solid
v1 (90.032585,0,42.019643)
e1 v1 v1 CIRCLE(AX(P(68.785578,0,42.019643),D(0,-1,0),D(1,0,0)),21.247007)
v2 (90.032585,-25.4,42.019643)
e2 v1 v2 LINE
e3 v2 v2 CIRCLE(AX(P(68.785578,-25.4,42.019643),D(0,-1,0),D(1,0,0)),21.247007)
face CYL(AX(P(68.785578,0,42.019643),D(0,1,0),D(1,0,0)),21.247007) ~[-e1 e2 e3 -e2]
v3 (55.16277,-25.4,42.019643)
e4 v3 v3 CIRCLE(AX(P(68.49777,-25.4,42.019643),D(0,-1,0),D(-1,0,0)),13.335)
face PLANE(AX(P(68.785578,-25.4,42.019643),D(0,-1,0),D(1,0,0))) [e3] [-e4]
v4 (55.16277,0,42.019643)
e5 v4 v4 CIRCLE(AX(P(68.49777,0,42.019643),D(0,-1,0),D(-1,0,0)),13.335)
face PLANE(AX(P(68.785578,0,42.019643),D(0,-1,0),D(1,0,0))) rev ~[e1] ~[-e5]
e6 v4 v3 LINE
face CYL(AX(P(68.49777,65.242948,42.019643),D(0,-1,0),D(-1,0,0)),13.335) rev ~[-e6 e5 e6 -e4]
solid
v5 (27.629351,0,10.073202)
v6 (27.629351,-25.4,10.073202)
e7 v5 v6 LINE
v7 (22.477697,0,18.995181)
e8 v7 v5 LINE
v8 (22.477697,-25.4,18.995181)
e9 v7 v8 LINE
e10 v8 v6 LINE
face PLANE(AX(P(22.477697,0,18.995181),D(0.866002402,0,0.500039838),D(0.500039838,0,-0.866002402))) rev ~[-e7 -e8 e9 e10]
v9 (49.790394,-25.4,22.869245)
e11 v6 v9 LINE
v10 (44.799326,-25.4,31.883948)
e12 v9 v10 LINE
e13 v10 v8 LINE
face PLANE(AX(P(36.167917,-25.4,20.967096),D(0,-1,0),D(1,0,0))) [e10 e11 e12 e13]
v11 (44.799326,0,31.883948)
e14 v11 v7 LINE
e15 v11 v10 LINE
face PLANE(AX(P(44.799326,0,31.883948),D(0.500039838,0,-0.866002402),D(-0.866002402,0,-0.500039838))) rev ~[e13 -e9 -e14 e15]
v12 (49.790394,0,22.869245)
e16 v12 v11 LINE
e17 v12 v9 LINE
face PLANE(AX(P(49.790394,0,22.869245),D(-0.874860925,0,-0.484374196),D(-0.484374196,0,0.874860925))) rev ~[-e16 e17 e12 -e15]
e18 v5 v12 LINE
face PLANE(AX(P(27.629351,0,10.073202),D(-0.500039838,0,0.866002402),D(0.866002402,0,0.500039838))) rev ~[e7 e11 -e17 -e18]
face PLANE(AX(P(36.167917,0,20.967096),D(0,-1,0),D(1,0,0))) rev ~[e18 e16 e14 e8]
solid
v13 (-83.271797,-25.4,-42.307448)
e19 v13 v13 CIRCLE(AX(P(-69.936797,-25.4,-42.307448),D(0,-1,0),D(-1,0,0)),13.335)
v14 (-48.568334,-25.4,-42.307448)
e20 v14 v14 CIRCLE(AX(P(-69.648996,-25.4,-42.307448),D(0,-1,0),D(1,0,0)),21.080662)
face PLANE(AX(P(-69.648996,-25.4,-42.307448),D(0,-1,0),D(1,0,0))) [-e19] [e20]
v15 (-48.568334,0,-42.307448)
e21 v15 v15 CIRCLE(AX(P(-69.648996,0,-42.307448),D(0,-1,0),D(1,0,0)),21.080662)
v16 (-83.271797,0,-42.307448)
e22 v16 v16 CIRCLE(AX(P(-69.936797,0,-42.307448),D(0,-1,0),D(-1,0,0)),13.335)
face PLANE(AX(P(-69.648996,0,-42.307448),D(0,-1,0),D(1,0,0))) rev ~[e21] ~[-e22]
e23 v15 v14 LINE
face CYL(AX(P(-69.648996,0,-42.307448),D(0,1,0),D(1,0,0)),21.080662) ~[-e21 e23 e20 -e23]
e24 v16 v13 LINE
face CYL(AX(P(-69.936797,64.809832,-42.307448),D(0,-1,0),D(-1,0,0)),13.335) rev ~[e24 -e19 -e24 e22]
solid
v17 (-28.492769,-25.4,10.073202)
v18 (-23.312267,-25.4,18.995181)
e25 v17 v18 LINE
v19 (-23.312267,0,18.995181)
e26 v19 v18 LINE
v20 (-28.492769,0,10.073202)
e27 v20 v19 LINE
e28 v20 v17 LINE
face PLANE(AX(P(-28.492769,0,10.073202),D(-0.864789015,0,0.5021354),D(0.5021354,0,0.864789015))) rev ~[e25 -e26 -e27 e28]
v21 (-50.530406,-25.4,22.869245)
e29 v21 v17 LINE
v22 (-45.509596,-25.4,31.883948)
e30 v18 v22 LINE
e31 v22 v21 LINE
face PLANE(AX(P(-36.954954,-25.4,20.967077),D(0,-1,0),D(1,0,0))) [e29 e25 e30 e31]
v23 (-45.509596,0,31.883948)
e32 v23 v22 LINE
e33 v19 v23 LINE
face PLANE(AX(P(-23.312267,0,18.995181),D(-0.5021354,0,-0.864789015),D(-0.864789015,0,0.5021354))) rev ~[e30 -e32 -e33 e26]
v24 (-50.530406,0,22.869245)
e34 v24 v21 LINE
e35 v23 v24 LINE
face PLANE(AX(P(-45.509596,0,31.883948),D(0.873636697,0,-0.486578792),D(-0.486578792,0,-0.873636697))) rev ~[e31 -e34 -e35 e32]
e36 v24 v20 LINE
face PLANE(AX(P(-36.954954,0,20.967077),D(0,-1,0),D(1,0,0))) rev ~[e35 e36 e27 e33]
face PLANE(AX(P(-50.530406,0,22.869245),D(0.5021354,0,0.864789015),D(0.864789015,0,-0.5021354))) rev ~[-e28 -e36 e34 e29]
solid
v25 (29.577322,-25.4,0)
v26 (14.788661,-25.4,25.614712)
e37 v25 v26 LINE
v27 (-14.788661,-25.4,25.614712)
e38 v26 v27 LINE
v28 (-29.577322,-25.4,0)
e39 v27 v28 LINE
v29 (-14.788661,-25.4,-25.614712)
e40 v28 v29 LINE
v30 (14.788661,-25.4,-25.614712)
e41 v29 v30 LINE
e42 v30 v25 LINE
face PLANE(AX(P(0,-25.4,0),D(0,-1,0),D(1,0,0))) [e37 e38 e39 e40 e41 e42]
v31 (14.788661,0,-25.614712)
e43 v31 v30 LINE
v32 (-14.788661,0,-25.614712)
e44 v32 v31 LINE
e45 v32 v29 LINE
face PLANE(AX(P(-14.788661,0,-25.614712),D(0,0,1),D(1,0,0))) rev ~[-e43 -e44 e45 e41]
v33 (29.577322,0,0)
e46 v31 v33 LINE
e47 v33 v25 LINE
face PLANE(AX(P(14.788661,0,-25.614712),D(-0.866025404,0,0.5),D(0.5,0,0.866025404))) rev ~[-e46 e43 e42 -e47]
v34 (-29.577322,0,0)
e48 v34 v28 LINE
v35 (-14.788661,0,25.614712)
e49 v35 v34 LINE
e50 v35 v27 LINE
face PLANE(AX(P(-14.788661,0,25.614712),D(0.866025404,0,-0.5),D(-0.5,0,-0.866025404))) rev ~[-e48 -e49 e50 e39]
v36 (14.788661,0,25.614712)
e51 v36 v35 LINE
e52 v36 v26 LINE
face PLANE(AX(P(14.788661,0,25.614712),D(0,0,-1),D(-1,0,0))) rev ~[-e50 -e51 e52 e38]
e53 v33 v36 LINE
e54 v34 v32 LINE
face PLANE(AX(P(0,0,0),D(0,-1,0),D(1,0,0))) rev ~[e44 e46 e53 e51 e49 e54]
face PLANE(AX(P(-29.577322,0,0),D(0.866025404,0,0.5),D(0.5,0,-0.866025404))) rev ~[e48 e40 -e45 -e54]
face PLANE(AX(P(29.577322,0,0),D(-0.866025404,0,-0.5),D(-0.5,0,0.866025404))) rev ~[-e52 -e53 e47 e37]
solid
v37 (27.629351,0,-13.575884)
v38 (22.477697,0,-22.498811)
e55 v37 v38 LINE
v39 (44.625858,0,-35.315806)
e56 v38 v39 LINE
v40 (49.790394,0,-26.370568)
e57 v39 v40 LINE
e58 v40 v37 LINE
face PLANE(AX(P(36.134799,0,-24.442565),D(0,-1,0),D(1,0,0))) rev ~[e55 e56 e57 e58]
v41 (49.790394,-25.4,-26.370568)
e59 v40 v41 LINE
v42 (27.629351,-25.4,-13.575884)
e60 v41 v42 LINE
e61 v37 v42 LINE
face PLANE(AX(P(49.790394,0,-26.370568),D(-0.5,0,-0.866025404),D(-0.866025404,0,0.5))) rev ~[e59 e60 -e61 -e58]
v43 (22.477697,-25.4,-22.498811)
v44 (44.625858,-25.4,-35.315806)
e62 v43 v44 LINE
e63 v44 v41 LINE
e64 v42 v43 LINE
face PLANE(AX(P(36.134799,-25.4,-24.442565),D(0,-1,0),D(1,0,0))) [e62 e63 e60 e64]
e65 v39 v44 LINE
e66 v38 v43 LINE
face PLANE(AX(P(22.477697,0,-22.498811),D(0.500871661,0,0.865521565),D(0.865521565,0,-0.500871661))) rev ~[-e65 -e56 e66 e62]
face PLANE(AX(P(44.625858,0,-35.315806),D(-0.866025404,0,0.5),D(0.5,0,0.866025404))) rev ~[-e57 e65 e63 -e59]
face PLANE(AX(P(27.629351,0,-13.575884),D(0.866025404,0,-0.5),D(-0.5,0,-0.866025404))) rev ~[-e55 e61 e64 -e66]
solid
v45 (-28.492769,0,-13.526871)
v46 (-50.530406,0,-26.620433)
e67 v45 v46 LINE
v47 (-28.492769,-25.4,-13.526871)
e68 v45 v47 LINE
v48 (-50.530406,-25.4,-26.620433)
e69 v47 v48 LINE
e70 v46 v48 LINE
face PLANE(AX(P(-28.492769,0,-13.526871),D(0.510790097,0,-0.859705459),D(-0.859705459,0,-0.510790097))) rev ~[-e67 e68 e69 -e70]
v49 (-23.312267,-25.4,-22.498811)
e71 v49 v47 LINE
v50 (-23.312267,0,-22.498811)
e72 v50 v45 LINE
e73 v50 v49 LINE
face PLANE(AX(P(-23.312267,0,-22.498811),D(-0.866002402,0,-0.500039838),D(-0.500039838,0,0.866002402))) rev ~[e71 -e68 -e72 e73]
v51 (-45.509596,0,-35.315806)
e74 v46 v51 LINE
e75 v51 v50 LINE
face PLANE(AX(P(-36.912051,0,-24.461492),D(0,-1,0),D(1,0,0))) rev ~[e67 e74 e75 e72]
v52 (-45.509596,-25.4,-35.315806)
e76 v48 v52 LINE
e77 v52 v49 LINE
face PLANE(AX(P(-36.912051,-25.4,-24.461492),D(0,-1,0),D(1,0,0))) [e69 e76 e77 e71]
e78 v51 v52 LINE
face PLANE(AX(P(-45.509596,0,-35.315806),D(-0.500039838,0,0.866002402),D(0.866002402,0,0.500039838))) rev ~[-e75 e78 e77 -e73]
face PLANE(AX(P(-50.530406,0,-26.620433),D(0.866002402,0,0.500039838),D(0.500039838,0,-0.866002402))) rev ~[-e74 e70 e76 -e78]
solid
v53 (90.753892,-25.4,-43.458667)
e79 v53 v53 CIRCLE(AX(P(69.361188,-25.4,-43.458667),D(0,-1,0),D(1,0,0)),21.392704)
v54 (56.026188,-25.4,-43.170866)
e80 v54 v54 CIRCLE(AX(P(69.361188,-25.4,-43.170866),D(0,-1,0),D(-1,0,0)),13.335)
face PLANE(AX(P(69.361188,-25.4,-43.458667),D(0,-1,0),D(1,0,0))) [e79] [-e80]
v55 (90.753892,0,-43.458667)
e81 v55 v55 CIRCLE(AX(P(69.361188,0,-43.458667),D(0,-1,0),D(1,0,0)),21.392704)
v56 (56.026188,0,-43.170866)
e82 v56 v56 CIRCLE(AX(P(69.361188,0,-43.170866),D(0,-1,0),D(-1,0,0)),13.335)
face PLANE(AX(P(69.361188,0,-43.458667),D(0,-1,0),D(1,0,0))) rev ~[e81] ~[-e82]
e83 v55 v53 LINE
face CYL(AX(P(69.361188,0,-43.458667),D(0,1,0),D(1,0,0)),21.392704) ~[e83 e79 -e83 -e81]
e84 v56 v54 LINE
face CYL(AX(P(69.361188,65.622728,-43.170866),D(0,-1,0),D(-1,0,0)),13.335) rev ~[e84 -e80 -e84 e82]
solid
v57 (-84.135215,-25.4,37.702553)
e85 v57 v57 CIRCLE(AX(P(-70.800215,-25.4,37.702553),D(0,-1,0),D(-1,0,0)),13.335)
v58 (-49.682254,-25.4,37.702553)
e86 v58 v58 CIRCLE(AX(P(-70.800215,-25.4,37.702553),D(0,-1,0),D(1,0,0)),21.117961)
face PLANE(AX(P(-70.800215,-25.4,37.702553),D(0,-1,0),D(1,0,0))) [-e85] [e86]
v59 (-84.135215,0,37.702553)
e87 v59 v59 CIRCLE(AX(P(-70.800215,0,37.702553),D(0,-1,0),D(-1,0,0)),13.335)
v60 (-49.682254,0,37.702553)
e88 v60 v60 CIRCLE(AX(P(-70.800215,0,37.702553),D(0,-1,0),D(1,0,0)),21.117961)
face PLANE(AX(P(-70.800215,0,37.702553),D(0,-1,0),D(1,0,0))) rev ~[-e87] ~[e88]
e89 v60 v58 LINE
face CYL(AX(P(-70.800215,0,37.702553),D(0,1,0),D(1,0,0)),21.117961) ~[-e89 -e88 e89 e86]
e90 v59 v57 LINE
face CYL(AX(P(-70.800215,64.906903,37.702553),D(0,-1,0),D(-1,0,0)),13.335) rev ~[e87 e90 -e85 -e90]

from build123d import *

# Parameters (mm, degrees)
F2_DEPTH = 25.4
F0_R     = 21.2470065786
F0_R_2   = 21.0806617066
F0_R_3   = 21.1179606742
F0_R_4   = 21.3927044232
F3_D     = 26.67
F3_2_D   = 26.67
F3_3_D   = 26.67
F3_4_D   = 26.67


with BuildPart() as f2:
    # F0 (on Front) → F2 (new body)
    with BuildSketch(Plane.XZ):
        Polygon((-28.4927692264, 10.0732017308), (-23.312266916, 18.9951807261), (-45.5095960839, 31.8839484647), (-50.5304058193, 22.8692447776), align=None)
    extrude(amount=F2_DEPTH)


with BuildPart() as f2b:
    # F0 (on Front) → F2, piece 2 (new body)
    with BuildSketch(Plane.XZ):
        Polygon((-14.788661092, -25.6147123873), (14.788661092, -25.6147123873), (29.5773221841, 0), (14.788661092, 25.6147123873), (-14.788661092, 25.6147123873), (-29.5773221841, 0), align=None)
    extrude(amount=F2_DEPTH)


with BuildPart() as f2c:
    # F0 (on Front) → F2, piece 3 (new body)
    with BuildSketch(Plane.XZ):
        Polygon((22.4776970185, 18.9951807261), (27.6293512434, 10.0732017308), (49.7903935611, 22.8692447776), (44.7993261531, 31.8839484647), align=None)
    extrude(amount=F2_DEPTH)


with BuildPart() as f2d:
    # F0 (on Front) → F2, piece 4 (new body)
    with BuildSketch(Plane.XZ):
        with Locations((68.7855780125, 42.0196428895)):
            Circle(F0_R)
    extrude(amount=F2_DEPTH)

    # F3 (through all)
    with Locations(Plane(origin=(0, 0, 0), x_dir=(1, 0, 0), z_dir=(0, 1, 0))):
        with Locations((-70.8002150059, -37.7025529742), (-69.9367970228, 42.3074476421), (68.4977695346, -42.0196428895), (69.3611875176, 43.1708656251)):
            Hole(F3_D / 2)


with BuildPart() as f2e:
    # F0 (on Front) → F2, piece 5 (new body)
    with BuildSketch(Plane.XZ):
        with Locations((-69.6489959955, -42.3074476421)):
            Circle(F0_R_2)
    extrude(amount=F2_DEPTH)

    # F3#2 (through all)
    with Locations(Plane(origin=(0, 0, 0), x_dir=(1, 0, 0), z_dir=(0, 1, 0))):
        with Locations((-70.8002150059, -37.7025529742), (-69.9367970228, 42.3074476421), (68.4977695346, -42.0196428895), (69.3611875176, 43.1708656251)):
            Hole(F3_2_D / 2)


with BuildPart() as f2f:
    # F0 (on Front) → F2, piece 6 (new body)
    with BuildSketch(Plane.XZ):
        with Locations((-70.8002150059, 37.7025529742)):
            Circle(F0_R_3)
    extrude(amount=F2_DEPTH)

    # F3#3 (through all)
    with Locations(Plane(origin=(0, 0, 0), x_dir=(1, 0, 0), z_dir=(0, 1, 0))):
        with Locations((-70.8002150059, -37.7025529742), (-69.9367970228, 42.3074476421), (68.4977695346, -42.0196428895), (69.3611875176, 43.1708656251)):
            Hole(F3_3_D / 2)


with BuildPart() as f2g:
    # F0 (on Front) → F2, piece 7 (new body)
    with BuildSketch(Plane.XZ):
        Polygon((-23.312266916, -22.4988109062), (-28.4927692264, -13.5268708691), (-50.5304058193, -26.6204326355), (-45.5095960839, -35.3158064014), align=None)
    extrude(amount=F2_DEPTH)


with BuildPart() as f2h:
    # F0 (on Front) → F2, piece 8 (new body)
    with BuildSketch(Plane.XZ):
        Polygon((27.6293512434, -13.5758840456), (22.4776970185, -22.4988109062), (44.6258576428, -35.3158064014), (49.7903935611, -26.3705677933), align=None)
    extrude(amount=F2_DEPTH)


with BuildPart() as f2i:
    # F0 (on Front) → F2, piece 9 (new body)
    with BuildSketch(Plane.XZ):
        with Locations((69.3611875176, -43.4586666524)):
            Circle(F0_R_4)
    extrude(amount=F2_DEPTH)

    # F3#4 (through all)
    with Locations(Plane(origin=(0, 0, 0), x_dir=(1, 0, 0), z_dir=(0, 1, 0))):
        with Locations((-70.8002150059, -37.7025529742), (-69.9367970228, 42.3074476421), (68.4977695346, -42.0196428895), (69.3611875176, 43.1708656251)):
            Hole(F3_4_D / 2)


solid = Compound([f2.part, f2b.part, f2c.part, f2d.part, f2e.part, f2f.part, f2g.part, f2h.part, f2i.part])
